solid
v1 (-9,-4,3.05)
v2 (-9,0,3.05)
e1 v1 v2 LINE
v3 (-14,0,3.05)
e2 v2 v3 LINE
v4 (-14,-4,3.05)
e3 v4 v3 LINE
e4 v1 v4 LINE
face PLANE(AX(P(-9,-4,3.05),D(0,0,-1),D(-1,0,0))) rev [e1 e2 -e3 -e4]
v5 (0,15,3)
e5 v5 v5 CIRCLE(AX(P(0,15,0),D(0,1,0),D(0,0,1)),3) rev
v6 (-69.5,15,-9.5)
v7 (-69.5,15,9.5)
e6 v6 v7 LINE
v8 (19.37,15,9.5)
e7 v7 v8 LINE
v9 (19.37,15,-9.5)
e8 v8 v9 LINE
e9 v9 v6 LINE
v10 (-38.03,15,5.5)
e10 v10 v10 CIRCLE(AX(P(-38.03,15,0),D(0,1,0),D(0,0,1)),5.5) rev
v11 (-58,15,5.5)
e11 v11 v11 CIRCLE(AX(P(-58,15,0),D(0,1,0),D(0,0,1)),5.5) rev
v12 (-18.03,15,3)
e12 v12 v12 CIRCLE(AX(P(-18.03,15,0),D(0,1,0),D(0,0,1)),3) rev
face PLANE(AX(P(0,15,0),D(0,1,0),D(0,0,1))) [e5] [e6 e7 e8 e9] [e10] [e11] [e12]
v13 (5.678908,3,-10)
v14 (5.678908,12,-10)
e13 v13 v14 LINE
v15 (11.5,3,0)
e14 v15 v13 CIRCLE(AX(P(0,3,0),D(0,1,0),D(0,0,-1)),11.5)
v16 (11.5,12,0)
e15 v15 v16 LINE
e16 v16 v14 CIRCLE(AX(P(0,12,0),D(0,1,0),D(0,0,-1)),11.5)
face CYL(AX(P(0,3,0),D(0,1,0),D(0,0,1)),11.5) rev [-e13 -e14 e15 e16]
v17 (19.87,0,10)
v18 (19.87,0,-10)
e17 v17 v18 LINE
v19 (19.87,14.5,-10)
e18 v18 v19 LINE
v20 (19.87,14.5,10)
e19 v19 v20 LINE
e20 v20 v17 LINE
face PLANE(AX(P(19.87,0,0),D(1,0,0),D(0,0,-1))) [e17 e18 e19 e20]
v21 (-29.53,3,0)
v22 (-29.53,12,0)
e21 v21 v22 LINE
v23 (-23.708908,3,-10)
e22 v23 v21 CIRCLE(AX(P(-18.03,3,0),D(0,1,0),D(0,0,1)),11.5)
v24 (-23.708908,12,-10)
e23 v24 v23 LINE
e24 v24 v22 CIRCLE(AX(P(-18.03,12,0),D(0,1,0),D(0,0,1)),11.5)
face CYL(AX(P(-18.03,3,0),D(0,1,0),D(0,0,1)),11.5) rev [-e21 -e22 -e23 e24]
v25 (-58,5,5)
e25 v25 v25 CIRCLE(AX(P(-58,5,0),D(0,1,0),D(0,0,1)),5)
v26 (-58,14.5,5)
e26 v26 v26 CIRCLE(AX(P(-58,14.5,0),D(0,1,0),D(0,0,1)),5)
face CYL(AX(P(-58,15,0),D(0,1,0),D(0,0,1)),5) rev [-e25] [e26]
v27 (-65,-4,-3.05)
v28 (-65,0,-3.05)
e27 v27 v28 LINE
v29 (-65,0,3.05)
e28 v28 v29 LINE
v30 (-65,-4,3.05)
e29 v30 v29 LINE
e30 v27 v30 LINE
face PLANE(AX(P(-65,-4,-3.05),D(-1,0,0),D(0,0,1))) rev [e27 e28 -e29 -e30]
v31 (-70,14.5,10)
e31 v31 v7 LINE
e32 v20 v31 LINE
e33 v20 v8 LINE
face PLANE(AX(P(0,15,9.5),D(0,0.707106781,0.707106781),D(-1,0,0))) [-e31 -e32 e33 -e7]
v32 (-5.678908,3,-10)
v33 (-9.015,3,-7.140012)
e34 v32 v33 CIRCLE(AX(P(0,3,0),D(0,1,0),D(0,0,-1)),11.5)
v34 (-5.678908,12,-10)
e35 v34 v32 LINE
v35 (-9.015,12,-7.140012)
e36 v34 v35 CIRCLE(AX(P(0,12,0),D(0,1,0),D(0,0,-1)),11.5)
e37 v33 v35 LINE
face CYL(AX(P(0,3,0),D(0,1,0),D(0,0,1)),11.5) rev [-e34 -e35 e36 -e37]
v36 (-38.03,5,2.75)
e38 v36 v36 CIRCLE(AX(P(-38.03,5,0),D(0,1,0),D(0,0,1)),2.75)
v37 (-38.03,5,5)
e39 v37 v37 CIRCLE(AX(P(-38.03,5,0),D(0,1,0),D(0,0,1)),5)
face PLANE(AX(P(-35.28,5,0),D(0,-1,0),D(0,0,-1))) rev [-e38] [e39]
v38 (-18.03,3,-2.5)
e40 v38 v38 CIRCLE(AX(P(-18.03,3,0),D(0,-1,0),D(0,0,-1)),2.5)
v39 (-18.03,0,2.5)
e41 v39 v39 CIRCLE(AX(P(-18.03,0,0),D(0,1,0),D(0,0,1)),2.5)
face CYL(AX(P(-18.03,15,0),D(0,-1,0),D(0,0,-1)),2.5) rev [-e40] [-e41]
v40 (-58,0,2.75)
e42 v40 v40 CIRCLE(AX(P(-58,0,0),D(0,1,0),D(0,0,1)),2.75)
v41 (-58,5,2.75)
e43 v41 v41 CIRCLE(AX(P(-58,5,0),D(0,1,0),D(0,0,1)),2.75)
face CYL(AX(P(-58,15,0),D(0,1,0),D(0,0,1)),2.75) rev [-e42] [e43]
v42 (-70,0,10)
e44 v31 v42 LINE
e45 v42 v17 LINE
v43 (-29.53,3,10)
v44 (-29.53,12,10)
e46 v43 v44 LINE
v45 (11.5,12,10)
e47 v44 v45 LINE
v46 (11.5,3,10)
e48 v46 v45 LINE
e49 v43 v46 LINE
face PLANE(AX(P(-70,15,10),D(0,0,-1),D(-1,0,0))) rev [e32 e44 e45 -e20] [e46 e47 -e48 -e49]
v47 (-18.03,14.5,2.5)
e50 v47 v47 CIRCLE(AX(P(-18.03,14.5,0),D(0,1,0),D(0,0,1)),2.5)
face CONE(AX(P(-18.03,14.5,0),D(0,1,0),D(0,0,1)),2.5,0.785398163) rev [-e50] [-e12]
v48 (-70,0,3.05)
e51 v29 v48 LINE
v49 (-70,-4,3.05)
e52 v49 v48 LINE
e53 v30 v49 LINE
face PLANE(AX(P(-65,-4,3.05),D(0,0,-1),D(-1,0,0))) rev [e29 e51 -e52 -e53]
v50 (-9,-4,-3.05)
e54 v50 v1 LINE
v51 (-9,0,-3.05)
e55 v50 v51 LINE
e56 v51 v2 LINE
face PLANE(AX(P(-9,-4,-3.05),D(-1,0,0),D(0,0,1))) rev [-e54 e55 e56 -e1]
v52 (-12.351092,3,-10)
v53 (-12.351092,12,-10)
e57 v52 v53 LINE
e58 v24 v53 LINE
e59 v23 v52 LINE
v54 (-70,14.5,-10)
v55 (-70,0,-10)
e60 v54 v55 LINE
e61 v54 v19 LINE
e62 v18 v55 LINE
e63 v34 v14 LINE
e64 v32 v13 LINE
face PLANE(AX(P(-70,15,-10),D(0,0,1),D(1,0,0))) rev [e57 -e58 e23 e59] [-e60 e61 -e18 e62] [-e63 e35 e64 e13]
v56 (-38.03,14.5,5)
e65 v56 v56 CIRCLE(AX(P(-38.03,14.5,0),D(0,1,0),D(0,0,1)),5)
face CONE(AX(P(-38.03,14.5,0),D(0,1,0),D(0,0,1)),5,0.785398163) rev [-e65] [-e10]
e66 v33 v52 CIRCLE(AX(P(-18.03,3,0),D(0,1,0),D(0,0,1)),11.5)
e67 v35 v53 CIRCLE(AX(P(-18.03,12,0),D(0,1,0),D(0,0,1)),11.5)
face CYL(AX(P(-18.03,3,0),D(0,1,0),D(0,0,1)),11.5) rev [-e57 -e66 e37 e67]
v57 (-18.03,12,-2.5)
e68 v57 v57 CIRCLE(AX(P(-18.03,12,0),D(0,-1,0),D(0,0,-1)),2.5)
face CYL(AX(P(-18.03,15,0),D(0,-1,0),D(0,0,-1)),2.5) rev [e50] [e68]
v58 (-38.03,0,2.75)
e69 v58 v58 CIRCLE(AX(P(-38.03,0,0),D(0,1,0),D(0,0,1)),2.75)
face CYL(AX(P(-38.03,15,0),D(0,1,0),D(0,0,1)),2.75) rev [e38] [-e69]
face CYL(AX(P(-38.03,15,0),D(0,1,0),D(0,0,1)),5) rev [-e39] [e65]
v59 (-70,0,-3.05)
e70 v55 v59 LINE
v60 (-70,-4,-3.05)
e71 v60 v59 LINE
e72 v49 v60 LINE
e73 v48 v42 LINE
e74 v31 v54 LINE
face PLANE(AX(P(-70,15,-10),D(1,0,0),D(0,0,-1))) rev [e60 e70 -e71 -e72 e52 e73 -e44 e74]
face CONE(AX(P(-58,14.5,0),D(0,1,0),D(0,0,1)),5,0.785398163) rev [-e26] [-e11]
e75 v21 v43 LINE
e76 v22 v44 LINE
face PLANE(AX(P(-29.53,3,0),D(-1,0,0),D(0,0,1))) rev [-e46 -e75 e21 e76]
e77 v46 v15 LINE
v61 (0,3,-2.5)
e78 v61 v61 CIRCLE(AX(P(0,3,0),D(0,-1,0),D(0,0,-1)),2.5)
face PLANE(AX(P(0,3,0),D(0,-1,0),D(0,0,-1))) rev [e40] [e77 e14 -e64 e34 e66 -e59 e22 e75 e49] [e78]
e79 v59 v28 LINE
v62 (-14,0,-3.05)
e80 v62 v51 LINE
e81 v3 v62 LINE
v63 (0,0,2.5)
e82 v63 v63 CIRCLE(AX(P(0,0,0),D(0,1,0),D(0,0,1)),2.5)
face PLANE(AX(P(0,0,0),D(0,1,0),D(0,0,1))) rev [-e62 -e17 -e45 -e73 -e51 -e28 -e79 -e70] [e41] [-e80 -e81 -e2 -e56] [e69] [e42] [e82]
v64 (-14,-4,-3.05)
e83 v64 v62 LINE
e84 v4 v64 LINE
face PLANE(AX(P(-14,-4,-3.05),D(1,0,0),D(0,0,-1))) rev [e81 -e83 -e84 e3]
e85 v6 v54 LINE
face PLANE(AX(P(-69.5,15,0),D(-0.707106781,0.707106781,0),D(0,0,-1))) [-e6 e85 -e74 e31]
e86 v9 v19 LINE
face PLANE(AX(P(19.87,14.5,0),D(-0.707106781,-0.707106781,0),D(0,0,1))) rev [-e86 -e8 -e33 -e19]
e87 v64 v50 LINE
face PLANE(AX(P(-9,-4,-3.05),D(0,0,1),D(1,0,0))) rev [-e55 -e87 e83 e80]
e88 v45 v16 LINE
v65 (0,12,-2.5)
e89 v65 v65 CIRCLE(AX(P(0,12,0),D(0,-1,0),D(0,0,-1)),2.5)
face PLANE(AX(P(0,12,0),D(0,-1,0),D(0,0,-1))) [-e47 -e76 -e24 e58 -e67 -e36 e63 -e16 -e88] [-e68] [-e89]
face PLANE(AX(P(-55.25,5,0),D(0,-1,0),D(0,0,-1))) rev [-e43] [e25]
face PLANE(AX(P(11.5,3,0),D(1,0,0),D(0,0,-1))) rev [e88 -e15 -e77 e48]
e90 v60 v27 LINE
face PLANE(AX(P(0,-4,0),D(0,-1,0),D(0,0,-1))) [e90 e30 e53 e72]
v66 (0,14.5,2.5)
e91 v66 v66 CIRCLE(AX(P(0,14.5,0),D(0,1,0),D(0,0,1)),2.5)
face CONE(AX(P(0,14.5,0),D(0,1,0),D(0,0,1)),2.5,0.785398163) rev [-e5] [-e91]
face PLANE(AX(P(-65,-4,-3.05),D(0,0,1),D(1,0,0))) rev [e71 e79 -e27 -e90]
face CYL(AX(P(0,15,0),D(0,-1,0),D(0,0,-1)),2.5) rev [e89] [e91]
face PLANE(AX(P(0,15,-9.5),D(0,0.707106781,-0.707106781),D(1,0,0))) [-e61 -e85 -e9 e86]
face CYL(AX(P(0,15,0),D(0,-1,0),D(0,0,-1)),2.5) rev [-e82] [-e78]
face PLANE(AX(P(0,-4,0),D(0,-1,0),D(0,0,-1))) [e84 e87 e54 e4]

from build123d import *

# Parameters (mm, degrees)
SKETCH1_W                      = 81.37
SKETCH1_H                      = 20
SKETCH1_R                      = 2.5
BOSS_EXTRUDE1_DEPTH            = 15
CBORE_FOR_M5_SHCS1_D           = 5.5
CBORE_FOR_M5_SHCS1_CBORE_D     = 10
CBORE_FOR_M5_SHCS1_CBORE_DEPTH = 10
SKETCH8_W                      = 20
SKETCH8_H                      = 15
BOSS_EXTRUDE3_DEPTH            = 8.5
CUT_EXTRUDE1_START             = -3
CUT_EXTRUDE1_DEPTH             = 9
SKETCH7_W                      = 5
SKETCH7_H                      = 6.1
BOSS_EXTRUDE2_DEPTH            = 4
CHAMFER1_SIZE                  = 0.5


with BuildPart() as part:
    # Sketch1 → Boss-Extrude1 (new body)
    with BuildSketch(Plane(origin=(0, 0, 0), x_dir=(1, 0, 0), z_dir=(0, 1, 0))):
        with Locations((-29.315, 0)):
            Rectangle(SKETCH1_W, SKETCH1_H)
        Circle(SKETCH1_R, mode=Mode.SUBTRACT)
        with Locations((-18.03, 0)):
            Circle(SKETCH1_R, mode=Mode.SUBTRACT)
    extrude(amount=BOSS_EXTRUDE1_DEPTH)

    # CBORE for M5 SHCS1 (through all)
    with Locations(Plane(origin=(0, 15, 0), x_dir=(1, 0, 0), z_dir=(0, 1, 0))):
        with Locations((-58, 0), (-38.03, 0)):
            CounterBoreHole(CBORE_FOR_M5_SHCS1_D / 2, CBORE_FOR_M5_SHCS1_CBORE_D / 2, CBORE_FOR_M5_SHCS1_CBORE_DEPTH)

    # Sketch8 → Boss-Extrude3 (add)
    with BuildSketch(Plane(origin=(11.37, 0, 0), x_dir=(0, 0, -1), z_dir=(1, 0, 0))):
        with Locations((0, 7.5)):
            Rectangle(SKETCH8_W, SKETCH8_H)
    extrude(amount=BOSS_EXTRUDE3_DEPTH)

    # Sketch6 → Cut-Extrude1 (cut)
    with BuildSketch(Plane(origin=(0, 15, 0), x_dir=(1, 0, 0), z_dir=(0, 1, 0)).offset(CUT_EXTRUDE1_START)):
        with BuildLine():
            Line((-29.53, 0), (-29.53, -10))
            Line((-29.53, -10), (11.5, -10))
            Line((11.5, -10), (11.5, 0))
            ThreePointArc((11.5, 0), (3.780046296, 10.860996731), (-9.015, 7.140012255))
            ThreePointArc((-9.015, 7.140012255), (-21.810046296, 10.860996731), (-29.53, 0))
        make_face()
    extrude(amount=-CUT_EXTRUDE1_DEPTH, mode=Mode.SUBTRACT)

    # Sketch7 → Boss-Extrude2 (add)
    with BuildSketch(Plane.XZ):
        with Locations((-11.5, 0)):
            Rectangle(SKETCH7_W, SKETCH7_H)
        with Locations((-67.5, 0)):
            Rectangle(SKETCH7_W, SKETCH7_H)
    extrude(amount=BOSS_EXTRUDE2_DEPTH)

    # Chamfer1
    chamfer1_edges = [part.edges().sort_by_distance(p)[0] for p in [
        (-2.5, 15, 0),
        (-70, 15, 0),
        (-20.53, 15, 0),
        (-25.065, 15, 10),
        (-43.03, 15, 0),
        (-63, 15, 0),
        (19.87, 15, 0),
        (-25.065, 15, -10),
    ]]
    chamfer(chamfer1_edges, length=CHAMFER1_SIZE)


solid = part.part
